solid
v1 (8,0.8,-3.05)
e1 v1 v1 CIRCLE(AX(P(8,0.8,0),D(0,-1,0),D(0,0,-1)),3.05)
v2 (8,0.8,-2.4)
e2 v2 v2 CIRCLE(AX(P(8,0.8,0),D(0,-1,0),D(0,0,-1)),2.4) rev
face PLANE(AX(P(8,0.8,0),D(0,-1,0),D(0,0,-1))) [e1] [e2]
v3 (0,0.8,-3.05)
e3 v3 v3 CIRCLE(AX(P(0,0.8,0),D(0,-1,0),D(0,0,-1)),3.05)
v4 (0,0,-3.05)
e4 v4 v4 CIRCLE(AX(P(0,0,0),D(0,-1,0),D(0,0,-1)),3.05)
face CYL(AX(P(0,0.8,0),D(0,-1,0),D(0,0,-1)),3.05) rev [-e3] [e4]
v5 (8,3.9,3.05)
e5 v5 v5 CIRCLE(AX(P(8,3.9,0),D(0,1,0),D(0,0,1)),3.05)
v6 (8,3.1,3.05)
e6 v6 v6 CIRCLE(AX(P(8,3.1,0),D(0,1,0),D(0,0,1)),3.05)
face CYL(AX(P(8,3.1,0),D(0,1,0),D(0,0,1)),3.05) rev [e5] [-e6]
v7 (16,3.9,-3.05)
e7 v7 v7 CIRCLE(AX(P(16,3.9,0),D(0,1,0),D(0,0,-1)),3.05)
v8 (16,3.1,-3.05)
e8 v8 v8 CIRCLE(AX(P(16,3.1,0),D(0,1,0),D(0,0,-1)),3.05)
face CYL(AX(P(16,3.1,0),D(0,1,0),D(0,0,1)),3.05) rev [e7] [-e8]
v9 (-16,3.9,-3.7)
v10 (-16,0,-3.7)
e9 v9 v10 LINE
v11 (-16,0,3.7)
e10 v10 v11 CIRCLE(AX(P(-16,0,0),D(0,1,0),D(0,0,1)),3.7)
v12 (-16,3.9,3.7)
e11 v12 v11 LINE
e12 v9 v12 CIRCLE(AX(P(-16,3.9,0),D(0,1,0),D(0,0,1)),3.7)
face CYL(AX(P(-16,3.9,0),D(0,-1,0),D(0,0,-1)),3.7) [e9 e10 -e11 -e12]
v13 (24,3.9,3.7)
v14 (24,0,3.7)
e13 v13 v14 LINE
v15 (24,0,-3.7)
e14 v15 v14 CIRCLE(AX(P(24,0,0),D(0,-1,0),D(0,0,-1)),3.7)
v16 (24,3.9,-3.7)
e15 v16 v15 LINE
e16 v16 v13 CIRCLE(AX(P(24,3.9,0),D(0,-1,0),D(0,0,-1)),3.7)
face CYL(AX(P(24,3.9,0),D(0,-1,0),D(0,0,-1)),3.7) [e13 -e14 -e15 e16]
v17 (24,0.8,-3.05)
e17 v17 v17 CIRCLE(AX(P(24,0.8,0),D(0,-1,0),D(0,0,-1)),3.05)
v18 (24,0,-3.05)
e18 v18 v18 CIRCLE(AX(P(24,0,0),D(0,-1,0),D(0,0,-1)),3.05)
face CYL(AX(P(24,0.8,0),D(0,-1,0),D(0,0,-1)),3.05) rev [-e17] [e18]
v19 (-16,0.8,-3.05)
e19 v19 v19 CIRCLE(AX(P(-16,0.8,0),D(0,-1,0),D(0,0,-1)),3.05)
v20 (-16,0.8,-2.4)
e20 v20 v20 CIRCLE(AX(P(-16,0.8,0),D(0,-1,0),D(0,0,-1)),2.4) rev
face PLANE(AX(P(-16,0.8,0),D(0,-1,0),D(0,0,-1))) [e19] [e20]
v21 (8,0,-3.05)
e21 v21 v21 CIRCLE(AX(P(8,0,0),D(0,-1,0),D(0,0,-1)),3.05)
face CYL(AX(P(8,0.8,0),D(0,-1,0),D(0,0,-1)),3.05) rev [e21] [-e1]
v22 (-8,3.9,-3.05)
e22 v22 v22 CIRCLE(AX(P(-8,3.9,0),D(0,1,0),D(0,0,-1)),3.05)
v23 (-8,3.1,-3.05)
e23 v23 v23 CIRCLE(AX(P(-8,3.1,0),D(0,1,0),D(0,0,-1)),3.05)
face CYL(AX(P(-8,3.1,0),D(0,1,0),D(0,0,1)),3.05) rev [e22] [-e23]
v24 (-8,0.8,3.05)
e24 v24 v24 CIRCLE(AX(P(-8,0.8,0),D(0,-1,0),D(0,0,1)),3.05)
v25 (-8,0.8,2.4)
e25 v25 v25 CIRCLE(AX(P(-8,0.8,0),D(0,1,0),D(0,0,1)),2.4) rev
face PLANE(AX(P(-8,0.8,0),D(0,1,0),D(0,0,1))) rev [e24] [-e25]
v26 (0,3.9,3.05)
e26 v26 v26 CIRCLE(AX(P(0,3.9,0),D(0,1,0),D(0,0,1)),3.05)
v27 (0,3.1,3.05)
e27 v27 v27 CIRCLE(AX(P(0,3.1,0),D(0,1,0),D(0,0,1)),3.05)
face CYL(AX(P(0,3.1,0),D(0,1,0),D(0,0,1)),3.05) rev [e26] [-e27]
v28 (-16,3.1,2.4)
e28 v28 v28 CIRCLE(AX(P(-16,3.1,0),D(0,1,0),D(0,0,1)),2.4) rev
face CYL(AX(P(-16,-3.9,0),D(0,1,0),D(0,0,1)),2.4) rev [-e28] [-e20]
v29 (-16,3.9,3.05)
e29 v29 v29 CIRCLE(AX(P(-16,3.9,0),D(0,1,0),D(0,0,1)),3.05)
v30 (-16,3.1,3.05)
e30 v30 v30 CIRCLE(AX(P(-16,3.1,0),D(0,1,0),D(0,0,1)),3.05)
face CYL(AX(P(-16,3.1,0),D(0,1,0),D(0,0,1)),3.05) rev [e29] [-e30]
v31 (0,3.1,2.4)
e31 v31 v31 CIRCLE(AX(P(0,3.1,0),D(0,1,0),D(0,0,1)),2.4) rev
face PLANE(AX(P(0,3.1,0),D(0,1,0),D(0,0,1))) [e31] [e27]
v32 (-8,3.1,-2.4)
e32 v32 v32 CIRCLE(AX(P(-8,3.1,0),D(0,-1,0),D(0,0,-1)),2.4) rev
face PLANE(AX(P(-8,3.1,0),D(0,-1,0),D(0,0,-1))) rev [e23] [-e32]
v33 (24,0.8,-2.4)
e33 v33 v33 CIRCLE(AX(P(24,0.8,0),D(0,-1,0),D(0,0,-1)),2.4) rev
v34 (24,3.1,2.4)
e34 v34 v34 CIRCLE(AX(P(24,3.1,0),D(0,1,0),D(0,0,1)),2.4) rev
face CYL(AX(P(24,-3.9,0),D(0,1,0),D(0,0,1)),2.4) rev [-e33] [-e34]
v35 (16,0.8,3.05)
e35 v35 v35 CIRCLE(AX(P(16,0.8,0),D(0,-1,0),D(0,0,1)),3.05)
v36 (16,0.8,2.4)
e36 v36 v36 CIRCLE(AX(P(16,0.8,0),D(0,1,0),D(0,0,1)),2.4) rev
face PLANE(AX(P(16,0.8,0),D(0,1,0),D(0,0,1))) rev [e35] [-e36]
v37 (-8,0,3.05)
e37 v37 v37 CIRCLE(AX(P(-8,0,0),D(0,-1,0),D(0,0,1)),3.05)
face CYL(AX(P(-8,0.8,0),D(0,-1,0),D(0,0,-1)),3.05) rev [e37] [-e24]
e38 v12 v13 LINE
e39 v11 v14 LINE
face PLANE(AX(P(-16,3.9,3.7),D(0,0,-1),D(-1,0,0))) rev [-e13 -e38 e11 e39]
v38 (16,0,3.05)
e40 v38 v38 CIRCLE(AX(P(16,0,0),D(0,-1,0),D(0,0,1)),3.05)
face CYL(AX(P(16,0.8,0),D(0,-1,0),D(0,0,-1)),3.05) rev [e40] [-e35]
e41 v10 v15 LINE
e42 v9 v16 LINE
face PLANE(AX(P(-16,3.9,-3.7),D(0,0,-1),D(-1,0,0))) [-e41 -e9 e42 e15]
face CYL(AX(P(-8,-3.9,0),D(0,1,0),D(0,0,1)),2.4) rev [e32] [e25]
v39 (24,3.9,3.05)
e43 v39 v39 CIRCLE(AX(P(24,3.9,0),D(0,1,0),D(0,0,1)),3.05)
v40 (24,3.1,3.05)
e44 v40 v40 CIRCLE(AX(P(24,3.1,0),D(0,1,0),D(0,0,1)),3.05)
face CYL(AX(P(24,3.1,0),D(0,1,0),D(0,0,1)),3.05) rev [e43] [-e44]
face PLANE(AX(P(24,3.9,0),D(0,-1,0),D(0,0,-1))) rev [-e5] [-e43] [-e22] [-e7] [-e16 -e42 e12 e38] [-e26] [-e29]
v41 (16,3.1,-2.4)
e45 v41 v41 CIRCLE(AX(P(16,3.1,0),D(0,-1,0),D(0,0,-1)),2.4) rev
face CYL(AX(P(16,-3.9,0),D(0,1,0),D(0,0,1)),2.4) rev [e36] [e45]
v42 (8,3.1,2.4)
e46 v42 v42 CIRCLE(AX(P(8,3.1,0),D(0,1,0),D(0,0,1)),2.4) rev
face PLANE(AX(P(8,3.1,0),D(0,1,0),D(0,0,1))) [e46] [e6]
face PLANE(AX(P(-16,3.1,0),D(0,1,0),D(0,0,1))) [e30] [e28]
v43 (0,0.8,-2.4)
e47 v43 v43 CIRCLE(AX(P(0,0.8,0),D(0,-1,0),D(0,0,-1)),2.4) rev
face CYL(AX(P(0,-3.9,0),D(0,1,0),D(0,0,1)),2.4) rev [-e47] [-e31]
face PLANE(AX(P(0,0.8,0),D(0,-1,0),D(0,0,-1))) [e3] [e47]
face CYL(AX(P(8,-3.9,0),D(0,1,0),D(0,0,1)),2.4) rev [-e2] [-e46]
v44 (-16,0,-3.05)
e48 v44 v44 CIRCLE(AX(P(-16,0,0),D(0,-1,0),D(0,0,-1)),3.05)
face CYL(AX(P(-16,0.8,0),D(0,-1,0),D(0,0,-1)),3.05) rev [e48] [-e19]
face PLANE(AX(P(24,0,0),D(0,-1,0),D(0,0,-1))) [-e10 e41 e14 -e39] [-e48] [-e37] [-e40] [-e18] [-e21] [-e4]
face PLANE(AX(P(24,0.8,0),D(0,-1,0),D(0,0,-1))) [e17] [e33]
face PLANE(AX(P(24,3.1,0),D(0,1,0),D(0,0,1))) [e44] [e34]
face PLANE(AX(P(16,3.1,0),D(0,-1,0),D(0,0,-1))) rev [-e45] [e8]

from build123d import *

# Parameters (mm, degrees)
BOSS_EXTRUDE3_DEPTH = 3.9
SKETCH2_R           = 2.4
CUT_EXTRUDE1_DEPTH  = 7.8
SKETCH3_R           = 3.05
CUT_EXTRUDE2_DEPTH  = 0.8
SKETCH4_R           = 3.05
CUT_EXTRUDE3_DEPTH  = 0.8


with BuildPart() as part:
    # Sketch1 → Boss-Extrude3 (new body)
    with BuildSketch(Plane(origin=(0, 0, 0), x_dir=(1, 0, 0), z_dir=(0, 1, 0))):
        with BuildLine():
            Line((-16, -3.7), (24, -3.7))
            ThreePointArc((24, -3.7), (27.7, 0), (24, 3.7))
            Line((24, 3.7), (-16, 3.7))
            ThreePointArc((-16, 3.7), (-19.7, 0), (-16, -3.7))
        make_face()
    extrude(amount=BOSS_EXTRUDE3_DEPTH)

    # Sketch2 → Cut-Extrude1 (cut)
    with BuildSketch(Plane(origin=(0, 3.9, 0), x_dir=(1, 0, 0), z_dir=(0, 1, 0))):
        Circle(SKETCH2_R)
        with Locations((8, 0)):
            Circle(SKETCH2_R)
        with Locations((16, 0)):
            Circle(SKETCH2_R)
        with Locations((-16, 0)):
            Circle(SKETCH2_R)
        with Locations((-8, 0)):
            Circle(SKETCH2_R)
        with Locations((24, 0)):
            Circle(SKETCH2_R)
    extrude(amount=-CUT_EXTRUDE1_DEPTH, mode=Mode.SUBTRACT)

    # Sketch3 → Cut-Extrude2 (cut)
    with BuildSketch(Plane(origin=(0, 3.9, 0), x_dir=(1, 0, 0), z_dir=(0, 1, 0))):
        Circle(SKETCH3_R)
        with Locations((8, 0)):
            Circle(SKETCH3_R)
        with Locations((16, 0)):
            Circle(SKETCH3_R)
        with Locations((-16, 0)):
            Circle(SKETCH3_R)
        with Locations((-8, 0)):
            Circle(SKETCH3_R)
        with Locations((24, 0)):
            Circle(SKETCH3_R)
    extrude(amount=-CUT_EXTRUDE2_DEPTH, mode=Mode.SUBTRACT)

    # Sketch4 → Cut-Extrude3 (cut)
    with BuildSketch(Plane.XZ):
        Circle(SKETCH4_R)
        with Locations((8, 0)):
            Circle(SKETCH4_R)
        with Locations((16, 0)):
            Circle(SKETCH4_R)
        with Locations((-16, 0)):
            Circle(SKETCH4_R)
        with Locations((-8, 0)):
            Circle(SKETCH4_R)
        with Locations((24, 0)):
            Circle(SKETCH4_R)
    extrude(amount=-CUT_EXTRUDE3_DEPTH, mode=Mode.SUBTRACT)


solid = part.part
